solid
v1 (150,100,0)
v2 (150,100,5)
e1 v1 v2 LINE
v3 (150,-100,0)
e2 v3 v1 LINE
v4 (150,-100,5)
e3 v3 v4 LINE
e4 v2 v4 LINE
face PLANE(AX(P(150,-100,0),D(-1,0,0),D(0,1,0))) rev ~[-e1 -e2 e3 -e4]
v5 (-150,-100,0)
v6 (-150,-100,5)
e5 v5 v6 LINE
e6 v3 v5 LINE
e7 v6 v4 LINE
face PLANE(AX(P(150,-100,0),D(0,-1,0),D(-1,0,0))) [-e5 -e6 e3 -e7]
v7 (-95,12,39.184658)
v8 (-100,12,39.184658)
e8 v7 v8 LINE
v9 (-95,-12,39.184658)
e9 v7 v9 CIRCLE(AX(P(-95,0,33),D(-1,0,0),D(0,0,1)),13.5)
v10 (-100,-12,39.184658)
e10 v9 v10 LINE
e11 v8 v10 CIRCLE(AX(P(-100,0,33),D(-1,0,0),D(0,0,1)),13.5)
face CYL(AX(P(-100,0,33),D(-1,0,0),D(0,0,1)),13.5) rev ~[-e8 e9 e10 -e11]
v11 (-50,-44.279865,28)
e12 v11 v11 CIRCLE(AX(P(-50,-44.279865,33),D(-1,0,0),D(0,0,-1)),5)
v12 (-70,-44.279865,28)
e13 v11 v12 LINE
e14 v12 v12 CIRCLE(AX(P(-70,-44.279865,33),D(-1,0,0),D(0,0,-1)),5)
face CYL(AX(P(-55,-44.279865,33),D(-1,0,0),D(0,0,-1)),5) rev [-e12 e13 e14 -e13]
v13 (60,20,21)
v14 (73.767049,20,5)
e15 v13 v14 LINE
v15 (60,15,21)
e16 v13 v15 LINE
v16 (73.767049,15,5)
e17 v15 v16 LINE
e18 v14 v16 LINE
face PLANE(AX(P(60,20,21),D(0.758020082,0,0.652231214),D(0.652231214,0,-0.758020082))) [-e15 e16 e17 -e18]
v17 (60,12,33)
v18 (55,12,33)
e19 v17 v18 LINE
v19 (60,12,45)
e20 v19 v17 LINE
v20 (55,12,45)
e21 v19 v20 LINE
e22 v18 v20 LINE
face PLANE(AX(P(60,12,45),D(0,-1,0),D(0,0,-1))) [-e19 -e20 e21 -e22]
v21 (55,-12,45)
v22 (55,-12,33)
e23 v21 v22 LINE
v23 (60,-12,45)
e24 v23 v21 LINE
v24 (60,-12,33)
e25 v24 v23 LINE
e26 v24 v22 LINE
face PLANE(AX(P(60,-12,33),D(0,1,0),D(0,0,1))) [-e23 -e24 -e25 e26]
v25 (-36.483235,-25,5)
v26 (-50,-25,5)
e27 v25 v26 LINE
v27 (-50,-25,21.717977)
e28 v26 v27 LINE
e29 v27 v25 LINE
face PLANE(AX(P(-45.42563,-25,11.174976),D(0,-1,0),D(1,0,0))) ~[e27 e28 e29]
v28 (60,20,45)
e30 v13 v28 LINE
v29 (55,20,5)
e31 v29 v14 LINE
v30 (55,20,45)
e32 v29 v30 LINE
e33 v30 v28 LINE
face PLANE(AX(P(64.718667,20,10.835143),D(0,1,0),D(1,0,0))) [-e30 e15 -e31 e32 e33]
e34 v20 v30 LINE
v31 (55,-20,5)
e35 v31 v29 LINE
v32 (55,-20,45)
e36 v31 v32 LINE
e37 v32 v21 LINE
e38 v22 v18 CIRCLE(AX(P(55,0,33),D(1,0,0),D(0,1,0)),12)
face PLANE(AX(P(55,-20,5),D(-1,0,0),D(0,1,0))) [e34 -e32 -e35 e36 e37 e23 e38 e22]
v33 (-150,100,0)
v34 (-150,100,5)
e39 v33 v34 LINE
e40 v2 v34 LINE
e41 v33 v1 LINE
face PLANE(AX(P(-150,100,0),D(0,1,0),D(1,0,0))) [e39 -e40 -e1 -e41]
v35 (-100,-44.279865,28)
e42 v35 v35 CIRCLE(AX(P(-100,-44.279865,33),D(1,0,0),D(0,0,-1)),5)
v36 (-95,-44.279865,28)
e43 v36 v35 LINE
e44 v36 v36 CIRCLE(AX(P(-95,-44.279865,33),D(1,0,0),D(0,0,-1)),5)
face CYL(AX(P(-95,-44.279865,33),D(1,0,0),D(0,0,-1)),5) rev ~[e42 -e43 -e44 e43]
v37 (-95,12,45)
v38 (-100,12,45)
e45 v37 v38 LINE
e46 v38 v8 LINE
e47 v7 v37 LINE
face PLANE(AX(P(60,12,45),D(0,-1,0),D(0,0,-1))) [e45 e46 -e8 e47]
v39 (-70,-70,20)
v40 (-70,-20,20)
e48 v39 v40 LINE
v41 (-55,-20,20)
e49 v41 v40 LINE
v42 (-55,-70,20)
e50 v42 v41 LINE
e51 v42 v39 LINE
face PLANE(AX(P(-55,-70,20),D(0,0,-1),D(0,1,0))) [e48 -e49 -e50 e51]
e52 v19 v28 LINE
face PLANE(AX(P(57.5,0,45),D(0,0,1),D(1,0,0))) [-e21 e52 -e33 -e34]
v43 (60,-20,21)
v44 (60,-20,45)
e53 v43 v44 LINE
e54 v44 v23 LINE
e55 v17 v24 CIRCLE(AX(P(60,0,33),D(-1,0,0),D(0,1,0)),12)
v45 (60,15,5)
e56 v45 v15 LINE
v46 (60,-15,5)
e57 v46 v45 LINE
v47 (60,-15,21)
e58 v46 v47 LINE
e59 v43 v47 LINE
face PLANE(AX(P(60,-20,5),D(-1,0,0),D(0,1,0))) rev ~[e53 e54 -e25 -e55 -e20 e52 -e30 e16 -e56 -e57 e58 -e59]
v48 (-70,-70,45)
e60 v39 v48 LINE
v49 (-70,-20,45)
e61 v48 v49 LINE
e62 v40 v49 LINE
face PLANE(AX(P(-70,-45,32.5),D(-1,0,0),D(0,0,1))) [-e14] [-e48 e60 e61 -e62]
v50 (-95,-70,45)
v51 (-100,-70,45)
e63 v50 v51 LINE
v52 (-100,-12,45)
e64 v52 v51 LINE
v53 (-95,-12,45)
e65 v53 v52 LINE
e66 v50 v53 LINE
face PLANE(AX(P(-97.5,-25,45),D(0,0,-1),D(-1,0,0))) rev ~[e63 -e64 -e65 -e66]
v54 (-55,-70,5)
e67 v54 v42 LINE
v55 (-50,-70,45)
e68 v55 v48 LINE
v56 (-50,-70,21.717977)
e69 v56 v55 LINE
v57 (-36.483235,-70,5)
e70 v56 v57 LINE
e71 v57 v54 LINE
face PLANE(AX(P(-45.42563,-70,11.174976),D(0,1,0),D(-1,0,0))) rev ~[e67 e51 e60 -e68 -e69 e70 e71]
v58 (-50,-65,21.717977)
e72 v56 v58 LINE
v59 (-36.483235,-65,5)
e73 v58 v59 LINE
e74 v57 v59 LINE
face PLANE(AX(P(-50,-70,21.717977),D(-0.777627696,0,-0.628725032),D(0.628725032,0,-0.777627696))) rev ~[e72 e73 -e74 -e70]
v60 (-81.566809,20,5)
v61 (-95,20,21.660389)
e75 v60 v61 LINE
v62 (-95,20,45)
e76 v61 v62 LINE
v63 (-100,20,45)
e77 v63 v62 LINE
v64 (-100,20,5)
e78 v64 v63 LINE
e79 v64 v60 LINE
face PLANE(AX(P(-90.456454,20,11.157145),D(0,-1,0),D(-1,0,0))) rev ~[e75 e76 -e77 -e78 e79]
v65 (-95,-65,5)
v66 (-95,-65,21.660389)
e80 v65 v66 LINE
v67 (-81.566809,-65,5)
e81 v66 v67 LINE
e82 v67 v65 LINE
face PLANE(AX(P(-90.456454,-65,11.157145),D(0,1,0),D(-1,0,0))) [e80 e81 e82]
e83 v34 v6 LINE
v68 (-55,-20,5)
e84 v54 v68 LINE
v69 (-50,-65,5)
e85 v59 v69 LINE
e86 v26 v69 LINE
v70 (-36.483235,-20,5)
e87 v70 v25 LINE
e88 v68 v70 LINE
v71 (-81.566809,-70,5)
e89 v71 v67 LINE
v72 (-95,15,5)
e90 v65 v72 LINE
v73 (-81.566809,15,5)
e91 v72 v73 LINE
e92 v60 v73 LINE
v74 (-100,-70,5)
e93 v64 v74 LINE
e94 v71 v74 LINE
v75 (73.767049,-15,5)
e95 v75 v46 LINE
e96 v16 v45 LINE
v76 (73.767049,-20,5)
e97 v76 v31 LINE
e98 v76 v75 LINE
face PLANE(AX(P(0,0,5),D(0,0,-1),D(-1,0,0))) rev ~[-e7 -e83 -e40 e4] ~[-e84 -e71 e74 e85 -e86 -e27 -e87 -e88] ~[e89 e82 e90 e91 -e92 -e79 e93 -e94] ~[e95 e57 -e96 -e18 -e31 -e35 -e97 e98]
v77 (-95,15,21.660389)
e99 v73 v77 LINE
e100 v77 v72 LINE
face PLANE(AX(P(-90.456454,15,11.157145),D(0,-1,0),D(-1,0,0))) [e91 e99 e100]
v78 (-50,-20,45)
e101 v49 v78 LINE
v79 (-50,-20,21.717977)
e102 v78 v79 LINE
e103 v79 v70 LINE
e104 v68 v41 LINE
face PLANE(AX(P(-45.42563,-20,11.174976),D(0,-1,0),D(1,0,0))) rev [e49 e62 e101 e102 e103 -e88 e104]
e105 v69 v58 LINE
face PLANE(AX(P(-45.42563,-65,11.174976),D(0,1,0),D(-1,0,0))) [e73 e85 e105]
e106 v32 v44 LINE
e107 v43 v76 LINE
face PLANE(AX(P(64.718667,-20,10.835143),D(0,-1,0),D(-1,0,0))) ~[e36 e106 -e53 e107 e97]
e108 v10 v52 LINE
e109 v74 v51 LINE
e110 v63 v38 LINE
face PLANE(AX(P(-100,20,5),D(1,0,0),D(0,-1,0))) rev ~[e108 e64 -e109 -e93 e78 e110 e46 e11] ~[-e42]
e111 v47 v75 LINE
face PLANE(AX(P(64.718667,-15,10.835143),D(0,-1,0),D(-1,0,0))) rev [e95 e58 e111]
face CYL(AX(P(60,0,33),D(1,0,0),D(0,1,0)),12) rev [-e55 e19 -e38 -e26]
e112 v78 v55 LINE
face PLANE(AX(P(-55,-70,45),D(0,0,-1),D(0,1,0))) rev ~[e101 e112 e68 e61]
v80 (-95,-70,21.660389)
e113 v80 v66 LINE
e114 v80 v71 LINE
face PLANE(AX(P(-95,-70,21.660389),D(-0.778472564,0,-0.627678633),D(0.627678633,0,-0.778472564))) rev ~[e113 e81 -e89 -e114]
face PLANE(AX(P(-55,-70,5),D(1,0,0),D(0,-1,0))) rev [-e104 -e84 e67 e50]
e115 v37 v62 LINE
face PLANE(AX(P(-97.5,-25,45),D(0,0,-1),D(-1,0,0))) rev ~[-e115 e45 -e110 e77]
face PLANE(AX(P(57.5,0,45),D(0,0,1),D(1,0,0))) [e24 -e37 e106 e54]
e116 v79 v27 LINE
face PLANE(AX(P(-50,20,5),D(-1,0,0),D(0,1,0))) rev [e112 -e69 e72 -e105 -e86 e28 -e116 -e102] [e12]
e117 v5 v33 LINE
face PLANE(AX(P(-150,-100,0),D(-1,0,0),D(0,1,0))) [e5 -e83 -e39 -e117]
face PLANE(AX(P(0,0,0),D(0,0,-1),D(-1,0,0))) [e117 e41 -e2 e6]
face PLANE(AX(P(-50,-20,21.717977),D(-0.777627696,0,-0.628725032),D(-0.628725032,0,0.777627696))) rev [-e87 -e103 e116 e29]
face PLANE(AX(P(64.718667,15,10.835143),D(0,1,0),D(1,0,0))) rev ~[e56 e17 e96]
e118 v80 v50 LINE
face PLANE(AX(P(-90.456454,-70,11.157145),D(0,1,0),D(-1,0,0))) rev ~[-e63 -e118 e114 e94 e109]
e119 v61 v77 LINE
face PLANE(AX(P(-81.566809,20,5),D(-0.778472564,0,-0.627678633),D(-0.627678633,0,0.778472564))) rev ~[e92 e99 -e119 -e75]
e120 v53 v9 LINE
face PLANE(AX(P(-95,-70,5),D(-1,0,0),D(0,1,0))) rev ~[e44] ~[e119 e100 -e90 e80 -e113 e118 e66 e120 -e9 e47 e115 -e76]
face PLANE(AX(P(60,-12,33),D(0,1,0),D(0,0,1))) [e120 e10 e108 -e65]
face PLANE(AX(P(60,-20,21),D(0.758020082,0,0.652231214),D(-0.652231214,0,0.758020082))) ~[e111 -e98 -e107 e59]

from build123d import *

# Parameters (mm, degrees)
SKETCH1_W            = 300
SKETCH1_H            = 200
BOSS_EXTRUDE1_DEPTH  = 5
SKETCH3_W            = 20
SKETCH3_H            = 20
SKETCH3_H_2          = 40
CUT_EXTRUDE1_DEPTH   = 5
SKETCH4_W            = 20
SKETCH4_H            = 40
CUT_EXTRUDE2_DEPTH   = 10
SKETCH6_W            = 300
SKETCH6_H            = 200
BOSS_EXTRUDE2_DEPTH  = 5
BOSS_EXTRUDE4_DEPTH  = 40
SKETCH8_3_W          = 5
SKETCH8_3_H          = 40
BOSS_EXTRUDE5_DEPTH  = 40
CUT_EXTRUDE3_DEPTH   = 236
SKETCH10_R           = 5
CUT_EXTRUDE4_DEPTH   = 236
BOSS_EXTRUDE6_DEPTH  = 5
BOSS_EXTRUDE7_DEPTH  = 5
BOSS_EXTRUDE8_DEPTH  = 5
CUT_EXTRUDE5_DEPTH   = 10
SKETCH19_W           = 25
SKETCH19_H           = 50
BOSS_EXTRUDE10_DEPTH = 15
BOSS_EXTRUDE11_DEPTH = 5
SKETCH22_R           = 5
CUT_EXTRUDE6_DEPTH   = 39
SKETCH23_R           = 13.5
CUT_EXTRUDE7_DEPTH   = 10


with BuildPart() as part:
    # Sketch1 → Boss-Extrude1 (new body)
    with BuildSketch(Plane.XY):
        Rectangle(SKETCH1_W, SKETCH1_H)
    extrude(amount=BOSS_EXTRUDE1_DEPTH)

    # Sketch3 → Cut-Extrude1 (cut)
    with BuildSketch(Plane.XY.offset(5)):
        with Locations((-140, -90)):
            Rectangle(SKETCH3_W, SKETCH3_H)
        with Locations((-140, 80)):
            Rectangle(SKETCH3_W, SKETCH3_H_2)
        with Locations((140, 80)):
            Rectangle(SKETCH3_W, SKETCH3_H_2)
        with Locations((140, -90)):
            Rectangle(SKETCH3_W, SKETCH3_H)
    extrude(amount=-CUT_EXTRUDE1_DEPTH, mode=Mode.SUBTRACT)

    # Sketch4 → Cut-Extrude2 (cut)
    with BuildSketch(Plane(origin=(0, 0, 0), x_dir=(-1, 0, 0), z_dir=(0, 0, -1))):
        with Locations((-140, -80)):
            Rectangle(SKETCH4_W, SKETCH4_H)
        with Locations((140, -80)):
            Rectangle(SKETCH4_W, SKETCH4_H)
    extrude(amount=-CUT_EXTRUDE2_DEPTH, mode=Mode.SUBTRACT)

    # Sketch6 → Boss-Extrude2 (add)
    with BuildSketch(Plane(origin=(0, 0, 0), x_dir=(-1, 0, 0), z_dir=(0, 0, -1))):
        Rectangle(SKETCH6_W, SKETCH6_H)
    extrude(amount=-BOSS_EXTRUDE2_DEPTH)

    # Sketch8 → Boss-Extrude4 (add)
    with BuildSketch(Plane.XY.offset(5)):
        Polygon((-100, 20), (-95, 20), (-95, -20), (-95, -70), (-100, -70), (-100, -20), align=None)
    boss_extrude4 = extrude(amount=BOSS_EXTRUDE4_DEPTH)

    # Sketch8<3> → Boss-Extrude5 (add)
    with BuildSketch(Plane.XY.offset(5)):
        with Locations((57.5, 0)):
            Rectangle(SKETCH8_3_W, SKETCH8_3_H)
    extrude(amount=BOSS_EXTRUDE5_DEPTH)

    # Sketch9 → Cut-Extrude3 (cut)
    with BuildSketch(Plane(origin=(60, 0, 0), x_dir=(0, 0, -1), z_dir=(1, 0, 0))):
        with BuildLine():
            Line((-45, 12), (-33, 12))
            ThreePointArc((-33, 12), (-21, 0), (-33, -12))
            Line((-33, -12), (-45, -12))
            Line((-45, -12), (-45, 12))
        make_face()
    extrude(amount=-CUT_EXTRUDE3_DEPTH, mode=Mode.SUBTRACT)

    # Sketch10 → Cut-Extrude4 (cut)
    with BuildSketch(Plane(origin=(-95, 0, 0), x_dir=(0, 0, -1), z_dir=(1, 0, 0))):
        with Locations((-33, -44.279864558)):
            Circle(SKETCH10_R)
    cut_extrude4 = extrude(amount=-CUT_EXTRUDE4_DEPTH, mode=Mode.SUBTRACT)

    # Sketch11 → Boss-Extrude6 (add)
    with BuildSketch(Plane.XZ.offset(70)):
        Polygon((-95, 21.66038922), (-81.566809401, 5), (-95, 5), align=None)
    extrude(amount=-BOSS_EXTRUDE6_DEPTH)

    # Sketch12 → Boss-Extrude7 (add)
    with BuildSketch(Plane(origin=(0, 20, 0), x_dir=(1, 0, 0), z_dir=(0, 1, 0))):
        Polygon((60, -21), (73.767048753, -5), (60, -5), align=None)
    boss_extrude7 = extrude(amount=-BOSS_EXTRUDE7_DEPTH)

    # Sketch12<3> → Boss-Extrude8 (add)
    with BuildSketch(Plane(origin=(0, 20, 0), x_dir=(1, 0, 0), z_dir=(0, 1, 0))):
        Polygon((-81.566809401, -5), (-95, -21.66038922), (-95, -5), align=None)
    extrude(amount=-BOSS_EXTRUDE8_DEPTH)

    # Mirror1: Boss-Extrude7 across plane
    add(boss_extrude7.mirror(Plane(origin=(0, 0, 0), x_dir=(0, 0, 1), z_dir=(0, -1, 0))))

    # Mirror3: Boss-Extrude4, Cut-Extrude4 across plane
    add(boss_extrude4.mirror(Plane(origin=(-75, 0, 0), x_dir=(0, 0, 1), z_dir=(1, 0, 0))))
    add(cut_extrude4.mirror(Plane(origin=(-75, 0, 0), x_dir=(0, 0, 1), z_dir=(1, 0, 0))), mode=Mode.SUBTRACT)

    # Sketch17 → Cut-Extrude5 (cut)
    with BuildSketch(Plane.ZY.offset(55)):
        Polygon((5, -20), (45, -20), (45, -12), (45, 20), (5, 20), align=None)
    extrude(amount=-CUT_EXTRUDE5_DEPTH, mode=Mode.SUBTRACT)

    # Sketch19 → Boss-Extrude10 (add)
    with BuildSketch(Plane.ZY.offset(55)):
        with Locations((32.5, -45)):
            Rectangle(SKETCH19_W, SKETCH19_H)
    extrude(amount=BOSS_EXTRUDE10_DEPTH)

    # Sketch20 → Boss-Extrude11 (add)
    with BuildSketch(Plane.XZ.offset(70)):
        Polygon((-50, 21.717977163), (-36.483235136, 5), (-50, 5), align=None)
    boss_extrude11 = extrude(amount=-BOSS_EXTRUDE11_DEPTH)

    # Mirror4: Boss-Extrude11 across plane
    add(boss_extrude11.mirror(Plane.ZX.offset(-45)))

    # Sketch22 → Cut-Extrude6 (cut)
    with BuildSketch(Plane(origin=(-75, 0, 0), x_dir=(0, 0, -1), z_dir=(1, 0, 0))):
        with Locations((-33, -44.279864558)):
            Circle(SKETCH22_R)
    extrude(amount=CUT_EXTRUDE6_DEPTH, mode=Mode.SUBTRACT)

    # Sketch23 → Cut-Extrude7 (cut)
    with BuildSketch(Plane.ZY.offset(100)):
        with Locations((33, 0)):
            Circle(SKETCH23_R)
    extrude(amount=-CUT_EXTRUDE7_DEPTH, mode=Mode.SUBTRACT)


solid = part.part
